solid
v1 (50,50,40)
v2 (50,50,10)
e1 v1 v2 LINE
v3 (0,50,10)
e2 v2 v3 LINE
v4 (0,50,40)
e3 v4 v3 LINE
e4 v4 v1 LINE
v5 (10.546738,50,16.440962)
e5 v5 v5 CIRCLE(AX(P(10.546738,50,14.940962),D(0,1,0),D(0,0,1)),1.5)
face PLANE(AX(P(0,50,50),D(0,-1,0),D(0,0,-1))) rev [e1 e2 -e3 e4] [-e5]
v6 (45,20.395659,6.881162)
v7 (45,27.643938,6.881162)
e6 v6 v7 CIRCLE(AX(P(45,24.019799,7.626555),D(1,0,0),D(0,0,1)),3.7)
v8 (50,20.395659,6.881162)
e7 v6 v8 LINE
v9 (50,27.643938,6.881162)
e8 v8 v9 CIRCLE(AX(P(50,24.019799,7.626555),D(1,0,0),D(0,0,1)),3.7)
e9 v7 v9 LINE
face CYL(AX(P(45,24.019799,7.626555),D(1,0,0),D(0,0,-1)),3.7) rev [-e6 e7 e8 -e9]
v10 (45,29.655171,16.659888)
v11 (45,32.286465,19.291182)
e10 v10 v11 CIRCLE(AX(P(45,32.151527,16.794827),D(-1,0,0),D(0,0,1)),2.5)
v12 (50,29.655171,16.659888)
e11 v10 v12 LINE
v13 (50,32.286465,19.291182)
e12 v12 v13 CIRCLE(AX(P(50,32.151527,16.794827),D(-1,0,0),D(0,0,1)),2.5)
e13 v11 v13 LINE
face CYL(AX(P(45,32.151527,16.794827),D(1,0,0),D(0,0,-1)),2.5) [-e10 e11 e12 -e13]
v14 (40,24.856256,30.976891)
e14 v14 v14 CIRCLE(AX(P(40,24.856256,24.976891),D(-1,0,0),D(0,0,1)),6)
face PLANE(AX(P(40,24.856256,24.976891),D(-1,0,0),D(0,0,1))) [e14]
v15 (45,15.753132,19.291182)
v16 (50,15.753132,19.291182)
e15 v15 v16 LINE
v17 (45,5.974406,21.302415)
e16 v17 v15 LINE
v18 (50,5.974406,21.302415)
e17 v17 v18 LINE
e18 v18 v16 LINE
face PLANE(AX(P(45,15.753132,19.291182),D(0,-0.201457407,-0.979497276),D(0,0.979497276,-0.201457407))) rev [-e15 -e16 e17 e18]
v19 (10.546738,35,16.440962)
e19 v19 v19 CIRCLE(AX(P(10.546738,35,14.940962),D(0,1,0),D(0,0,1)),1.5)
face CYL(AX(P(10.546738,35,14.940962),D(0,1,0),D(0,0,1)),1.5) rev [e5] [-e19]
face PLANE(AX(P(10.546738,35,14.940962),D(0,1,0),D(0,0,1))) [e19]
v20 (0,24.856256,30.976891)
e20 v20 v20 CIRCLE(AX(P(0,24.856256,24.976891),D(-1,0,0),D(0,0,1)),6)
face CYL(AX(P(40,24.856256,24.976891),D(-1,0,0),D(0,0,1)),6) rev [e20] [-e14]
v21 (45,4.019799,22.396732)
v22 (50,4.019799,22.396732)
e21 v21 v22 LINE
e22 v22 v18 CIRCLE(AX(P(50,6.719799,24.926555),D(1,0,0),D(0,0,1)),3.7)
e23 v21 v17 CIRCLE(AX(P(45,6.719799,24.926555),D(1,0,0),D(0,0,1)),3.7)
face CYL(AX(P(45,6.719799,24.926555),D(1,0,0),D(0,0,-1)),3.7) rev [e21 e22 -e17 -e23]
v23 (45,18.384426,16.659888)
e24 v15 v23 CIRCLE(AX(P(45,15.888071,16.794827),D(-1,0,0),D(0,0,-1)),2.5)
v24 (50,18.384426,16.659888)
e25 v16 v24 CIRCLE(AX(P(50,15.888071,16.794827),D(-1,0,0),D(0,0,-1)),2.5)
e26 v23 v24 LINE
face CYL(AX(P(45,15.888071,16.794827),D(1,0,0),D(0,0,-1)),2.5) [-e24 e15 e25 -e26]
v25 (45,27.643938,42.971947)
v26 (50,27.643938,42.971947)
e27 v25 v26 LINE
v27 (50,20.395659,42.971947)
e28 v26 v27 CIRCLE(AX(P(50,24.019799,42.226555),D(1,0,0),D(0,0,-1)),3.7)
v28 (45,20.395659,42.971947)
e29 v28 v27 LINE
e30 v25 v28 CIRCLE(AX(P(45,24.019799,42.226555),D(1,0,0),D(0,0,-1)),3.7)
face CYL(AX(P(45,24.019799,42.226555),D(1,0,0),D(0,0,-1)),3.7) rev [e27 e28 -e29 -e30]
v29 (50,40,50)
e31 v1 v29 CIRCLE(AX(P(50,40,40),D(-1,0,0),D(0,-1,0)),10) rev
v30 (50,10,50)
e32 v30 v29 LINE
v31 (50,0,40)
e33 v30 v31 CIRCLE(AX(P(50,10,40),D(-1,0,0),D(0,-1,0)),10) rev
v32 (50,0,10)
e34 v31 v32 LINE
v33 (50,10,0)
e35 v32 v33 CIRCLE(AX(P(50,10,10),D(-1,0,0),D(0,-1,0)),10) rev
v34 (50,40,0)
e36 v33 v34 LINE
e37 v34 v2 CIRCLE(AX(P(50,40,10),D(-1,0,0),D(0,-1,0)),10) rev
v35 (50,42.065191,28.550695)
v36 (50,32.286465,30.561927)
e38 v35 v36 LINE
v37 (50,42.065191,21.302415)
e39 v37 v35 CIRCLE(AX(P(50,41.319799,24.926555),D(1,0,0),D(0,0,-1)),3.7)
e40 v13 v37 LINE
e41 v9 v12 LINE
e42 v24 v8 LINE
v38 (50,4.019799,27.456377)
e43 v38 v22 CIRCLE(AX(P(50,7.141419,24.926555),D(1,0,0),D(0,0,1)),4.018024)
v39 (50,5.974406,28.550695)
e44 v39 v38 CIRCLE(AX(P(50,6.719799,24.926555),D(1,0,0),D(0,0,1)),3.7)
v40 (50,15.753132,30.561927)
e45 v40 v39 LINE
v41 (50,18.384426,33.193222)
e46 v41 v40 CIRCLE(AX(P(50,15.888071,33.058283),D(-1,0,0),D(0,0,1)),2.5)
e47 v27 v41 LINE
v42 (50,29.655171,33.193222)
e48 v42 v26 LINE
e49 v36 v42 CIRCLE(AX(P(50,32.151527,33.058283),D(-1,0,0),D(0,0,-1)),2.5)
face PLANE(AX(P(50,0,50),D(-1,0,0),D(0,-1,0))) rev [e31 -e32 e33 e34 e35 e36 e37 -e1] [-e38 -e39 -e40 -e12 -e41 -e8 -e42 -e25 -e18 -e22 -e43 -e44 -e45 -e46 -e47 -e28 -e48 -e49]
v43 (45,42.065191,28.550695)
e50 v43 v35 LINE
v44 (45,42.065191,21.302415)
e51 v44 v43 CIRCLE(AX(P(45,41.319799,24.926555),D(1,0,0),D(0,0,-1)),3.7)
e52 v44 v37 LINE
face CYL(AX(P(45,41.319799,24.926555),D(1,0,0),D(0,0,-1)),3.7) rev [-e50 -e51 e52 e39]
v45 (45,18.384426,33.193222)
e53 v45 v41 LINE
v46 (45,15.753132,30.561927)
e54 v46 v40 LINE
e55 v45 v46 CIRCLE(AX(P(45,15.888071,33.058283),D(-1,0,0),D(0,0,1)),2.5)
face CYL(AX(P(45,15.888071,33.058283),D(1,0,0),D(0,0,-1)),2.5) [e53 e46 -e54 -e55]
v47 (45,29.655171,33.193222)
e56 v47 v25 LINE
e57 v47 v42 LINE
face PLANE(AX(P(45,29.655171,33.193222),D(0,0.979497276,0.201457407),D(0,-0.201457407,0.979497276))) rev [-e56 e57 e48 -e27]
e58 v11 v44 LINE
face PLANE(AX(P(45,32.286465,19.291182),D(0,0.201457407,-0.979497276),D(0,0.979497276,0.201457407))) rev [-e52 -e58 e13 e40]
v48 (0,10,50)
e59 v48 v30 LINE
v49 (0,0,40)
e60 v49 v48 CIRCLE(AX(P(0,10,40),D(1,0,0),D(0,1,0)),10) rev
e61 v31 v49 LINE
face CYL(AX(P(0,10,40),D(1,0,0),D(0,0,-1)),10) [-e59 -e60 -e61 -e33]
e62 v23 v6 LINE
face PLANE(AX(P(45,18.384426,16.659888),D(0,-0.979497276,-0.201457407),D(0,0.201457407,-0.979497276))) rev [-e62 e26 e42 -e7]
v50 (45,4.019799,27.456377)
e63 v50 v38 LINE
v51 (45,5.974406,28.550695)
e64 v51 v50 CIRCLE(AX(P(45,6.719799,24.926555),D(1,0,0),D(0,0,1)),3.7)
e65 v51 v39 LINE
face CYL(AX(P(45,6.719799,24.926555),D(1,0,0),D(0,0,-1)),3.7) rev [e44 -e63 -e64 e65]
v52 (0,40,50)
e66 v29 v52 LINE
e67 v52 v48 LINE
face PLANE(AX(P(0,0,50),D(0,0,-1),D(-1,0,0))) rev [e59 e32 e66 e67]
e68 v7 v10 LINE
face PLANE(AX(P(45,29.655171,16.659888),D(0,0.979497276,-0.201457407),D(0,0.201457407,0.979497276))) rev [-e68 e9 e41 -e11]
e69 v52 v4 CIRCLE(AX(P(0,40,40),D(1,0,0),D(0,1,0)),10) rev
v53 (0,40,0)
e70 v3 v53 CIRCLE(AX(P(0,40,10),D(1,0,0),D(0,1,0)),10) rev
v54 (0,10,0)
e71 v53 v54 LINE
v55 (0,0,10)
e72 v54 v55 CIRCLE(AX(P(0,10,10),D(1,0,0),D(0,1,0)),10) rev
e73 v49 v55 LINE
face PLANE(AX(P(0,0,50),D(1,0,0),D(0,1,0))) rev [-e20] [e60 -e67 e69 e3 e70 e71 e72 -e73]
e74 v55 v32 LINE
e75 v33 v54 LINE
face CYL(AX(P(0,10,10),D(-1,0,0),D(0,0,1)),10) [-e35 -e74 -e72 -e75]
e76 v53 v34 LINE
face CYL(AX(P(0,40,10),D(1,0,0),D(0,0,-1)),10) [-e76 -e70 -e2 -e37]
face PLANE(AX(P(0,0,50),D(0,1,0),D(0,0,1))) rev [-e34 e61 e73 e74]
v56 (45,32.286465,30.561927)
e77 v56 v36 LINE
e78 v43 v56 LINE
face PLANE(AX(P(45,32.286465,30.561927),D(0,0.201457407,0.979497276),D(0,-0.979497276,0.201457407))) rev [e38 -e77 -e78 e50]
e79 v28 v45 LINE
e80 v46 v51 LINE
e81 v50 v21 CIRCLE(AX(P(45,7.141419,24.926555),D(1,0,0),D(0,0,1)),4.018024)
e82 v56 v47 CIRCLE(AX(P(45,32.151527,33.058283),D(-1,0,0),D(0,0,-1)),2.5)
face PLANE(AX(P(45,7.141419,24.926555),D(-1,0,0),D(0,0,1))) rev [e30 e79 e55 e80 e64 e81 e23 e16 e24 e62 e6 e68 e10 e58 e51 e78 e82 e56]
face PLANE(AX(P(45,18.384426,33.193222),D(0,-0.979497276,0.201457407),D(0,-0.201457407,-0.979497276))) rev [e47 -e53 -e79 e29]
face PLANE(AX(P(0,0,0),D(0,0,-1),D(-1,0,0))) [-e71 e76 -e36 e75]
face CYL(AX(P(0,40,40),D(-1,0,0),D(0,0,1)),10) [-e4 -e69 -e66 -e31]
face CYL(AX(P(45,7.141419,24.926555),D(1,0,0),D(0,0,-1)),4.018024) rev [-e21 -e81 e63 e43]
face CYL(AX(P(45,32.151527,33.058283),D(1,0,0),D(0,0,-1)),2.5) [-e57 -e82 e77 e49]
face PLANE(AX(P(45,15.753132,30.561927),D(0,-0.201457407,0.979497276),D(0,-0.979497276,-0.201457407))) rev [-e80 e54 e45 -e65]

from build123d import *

# Parameters (mm, degrees)
ESQUISSE1_W             = 50
ESQUISSE1_H             = 50
BOSS_EXTRU_1_DEPTH      = 50
ESQUISSE2_R             = 6
ENL_V_MAT_EXTRU_1_DEPTH = 40
CONG_1_R                = 10
ESQUISSE3_R             = 1.5
ENL_V_MAT_EXTRU_2_DEPTH = 15
ENL_V_MAT_EXTRU_3_DEPTH = 5


with BuildPart() as part:
    # Esquisse1 → Boss.-Extru.1 (new body)
    with BuildSketch(Plane.XY):
        with Locations((25, 25)):
            Rectangle(ESQUISSE1_W, ESQUISSE1_H)
    extrude(amount=BOSS_EXTRU_1_DEPTH)

    # Esquisse2 → Enlèv. mat.-Extru.1 (cut)
    with BuildSketch(Plane.ZY):
        with Locations((24.976890997, 24.856256207)):
            Circle(ESQUISSE2_R)
    extrude(amount=-ENL_V_MAT_EXTRU_1_DEPTH, mode=Mode.SUBTRACT)

    # Congé1
    cong_1_edges = [part.edges().sort_by_distance(p)[0] for p in [
        (25, 50, 50),
        (25, 50, 0),
        (25, 0, 0),
        (25, 0, 50),
    ]]
    fillet(cong_1_edges, radius=CONG_1_R)

    # Esquisse3 → Enlèv. mat.-Extru.2 (cut)
    with BuildSketch(Plane(origin=(0, 50, 0), x_dir=(1, 0, 0), z_dir=(0, 1, 0))):
        with Locations(Location((10.546738136, -14.940962314, 0), (0, 0, 270))):
            Circle(ESQUISSE3_R)
    extrude(amount=-ENL_V_MAT_EXTRU_2_DEPTH, mode=Mode.SUBTRACT)

    # Esquisse4 → Enlèv. mat.-Extru.3 (cut)
    with BuildSketch(Plane(origin=(50, 0, 0), x_dir=(0, 0, -1), z_dir=(1, 0, 0))):
        with BuildLine():
            Line((-19.291182269, 32.286465455), (-21.302414692, 42.065190949))
            ThreePointArc((-21.302414692, 42.065190949), (-24.926554612, 45.019798544), (-28.550694532, 42.065190949))
            Line((-28.550694532, 42.065190949), (-30.561926955, 32.286465455))
            ThreePointArc((-30.561926955, 32.286465455), (-31.290515643, 30.383759574), (-33.193221523, 29.655170887))
            Line((-33.193221523, 29.655170887), (-42.971947017, 27.643938464))
            ThreePointArc((-42.971947017, 27.643938464), (-45.926554612, 24.019798544), (-42.971947017, 20.395658623))
            Line((-42.971947017, 20.395658623), (-33.193221523, 18.384426201))
            ThreePointArc((-33.193221523, 18.384426201), (-31.290515643, 17.655837513), (-30.561926955, 15.753131632))
            Line((-30.561926955, 15.753131632), (-28.550694532, 5.974406139))
            ThreePointArc((-28.550694532, 5.974406139), (-28.155011664, 4.912296106), (-27.45637674, 4.019798544))
            ThreePointArc((-27.45637674, 4.019798544), (-24.926554612, 3.123395403), (-22.396732484, 4.019798544))
            ThreePointArc((-22.396732484, 4.019798544), (-21.69809756, 4.912296106), (-21.302414692, 5.974406139))
            Line((-21.302414692, 5.974406139), (-19.291182269, 15.753131632))
            ThreePointArc((-19.291182269, 15.753131632), (-18.562593581, 17.655837513), (-16.6598877, 18.384426201))
            Line((-16.6598877, 18.384426201), (-6.881162207, 20.395658623))
            ThreePointArc((-6.881162207, 20.395658623), (-3.926554612, 24.019798544), (-6.881162207, 27.643938464))
            Line((-6.881162207, 27.643938464), (-16.6598877, 29.655170887))
            ThreePointArc((-16.6598877, 29.655170887), (-18.562593581, 30.383759574), (-19.291182269, 32.286465455))
        make_face()
    extrude(amount=-ENL_V_MAT_EXTRU_3_DEPTH, mode=Mode.SUBTRACT)


solid = part.part
